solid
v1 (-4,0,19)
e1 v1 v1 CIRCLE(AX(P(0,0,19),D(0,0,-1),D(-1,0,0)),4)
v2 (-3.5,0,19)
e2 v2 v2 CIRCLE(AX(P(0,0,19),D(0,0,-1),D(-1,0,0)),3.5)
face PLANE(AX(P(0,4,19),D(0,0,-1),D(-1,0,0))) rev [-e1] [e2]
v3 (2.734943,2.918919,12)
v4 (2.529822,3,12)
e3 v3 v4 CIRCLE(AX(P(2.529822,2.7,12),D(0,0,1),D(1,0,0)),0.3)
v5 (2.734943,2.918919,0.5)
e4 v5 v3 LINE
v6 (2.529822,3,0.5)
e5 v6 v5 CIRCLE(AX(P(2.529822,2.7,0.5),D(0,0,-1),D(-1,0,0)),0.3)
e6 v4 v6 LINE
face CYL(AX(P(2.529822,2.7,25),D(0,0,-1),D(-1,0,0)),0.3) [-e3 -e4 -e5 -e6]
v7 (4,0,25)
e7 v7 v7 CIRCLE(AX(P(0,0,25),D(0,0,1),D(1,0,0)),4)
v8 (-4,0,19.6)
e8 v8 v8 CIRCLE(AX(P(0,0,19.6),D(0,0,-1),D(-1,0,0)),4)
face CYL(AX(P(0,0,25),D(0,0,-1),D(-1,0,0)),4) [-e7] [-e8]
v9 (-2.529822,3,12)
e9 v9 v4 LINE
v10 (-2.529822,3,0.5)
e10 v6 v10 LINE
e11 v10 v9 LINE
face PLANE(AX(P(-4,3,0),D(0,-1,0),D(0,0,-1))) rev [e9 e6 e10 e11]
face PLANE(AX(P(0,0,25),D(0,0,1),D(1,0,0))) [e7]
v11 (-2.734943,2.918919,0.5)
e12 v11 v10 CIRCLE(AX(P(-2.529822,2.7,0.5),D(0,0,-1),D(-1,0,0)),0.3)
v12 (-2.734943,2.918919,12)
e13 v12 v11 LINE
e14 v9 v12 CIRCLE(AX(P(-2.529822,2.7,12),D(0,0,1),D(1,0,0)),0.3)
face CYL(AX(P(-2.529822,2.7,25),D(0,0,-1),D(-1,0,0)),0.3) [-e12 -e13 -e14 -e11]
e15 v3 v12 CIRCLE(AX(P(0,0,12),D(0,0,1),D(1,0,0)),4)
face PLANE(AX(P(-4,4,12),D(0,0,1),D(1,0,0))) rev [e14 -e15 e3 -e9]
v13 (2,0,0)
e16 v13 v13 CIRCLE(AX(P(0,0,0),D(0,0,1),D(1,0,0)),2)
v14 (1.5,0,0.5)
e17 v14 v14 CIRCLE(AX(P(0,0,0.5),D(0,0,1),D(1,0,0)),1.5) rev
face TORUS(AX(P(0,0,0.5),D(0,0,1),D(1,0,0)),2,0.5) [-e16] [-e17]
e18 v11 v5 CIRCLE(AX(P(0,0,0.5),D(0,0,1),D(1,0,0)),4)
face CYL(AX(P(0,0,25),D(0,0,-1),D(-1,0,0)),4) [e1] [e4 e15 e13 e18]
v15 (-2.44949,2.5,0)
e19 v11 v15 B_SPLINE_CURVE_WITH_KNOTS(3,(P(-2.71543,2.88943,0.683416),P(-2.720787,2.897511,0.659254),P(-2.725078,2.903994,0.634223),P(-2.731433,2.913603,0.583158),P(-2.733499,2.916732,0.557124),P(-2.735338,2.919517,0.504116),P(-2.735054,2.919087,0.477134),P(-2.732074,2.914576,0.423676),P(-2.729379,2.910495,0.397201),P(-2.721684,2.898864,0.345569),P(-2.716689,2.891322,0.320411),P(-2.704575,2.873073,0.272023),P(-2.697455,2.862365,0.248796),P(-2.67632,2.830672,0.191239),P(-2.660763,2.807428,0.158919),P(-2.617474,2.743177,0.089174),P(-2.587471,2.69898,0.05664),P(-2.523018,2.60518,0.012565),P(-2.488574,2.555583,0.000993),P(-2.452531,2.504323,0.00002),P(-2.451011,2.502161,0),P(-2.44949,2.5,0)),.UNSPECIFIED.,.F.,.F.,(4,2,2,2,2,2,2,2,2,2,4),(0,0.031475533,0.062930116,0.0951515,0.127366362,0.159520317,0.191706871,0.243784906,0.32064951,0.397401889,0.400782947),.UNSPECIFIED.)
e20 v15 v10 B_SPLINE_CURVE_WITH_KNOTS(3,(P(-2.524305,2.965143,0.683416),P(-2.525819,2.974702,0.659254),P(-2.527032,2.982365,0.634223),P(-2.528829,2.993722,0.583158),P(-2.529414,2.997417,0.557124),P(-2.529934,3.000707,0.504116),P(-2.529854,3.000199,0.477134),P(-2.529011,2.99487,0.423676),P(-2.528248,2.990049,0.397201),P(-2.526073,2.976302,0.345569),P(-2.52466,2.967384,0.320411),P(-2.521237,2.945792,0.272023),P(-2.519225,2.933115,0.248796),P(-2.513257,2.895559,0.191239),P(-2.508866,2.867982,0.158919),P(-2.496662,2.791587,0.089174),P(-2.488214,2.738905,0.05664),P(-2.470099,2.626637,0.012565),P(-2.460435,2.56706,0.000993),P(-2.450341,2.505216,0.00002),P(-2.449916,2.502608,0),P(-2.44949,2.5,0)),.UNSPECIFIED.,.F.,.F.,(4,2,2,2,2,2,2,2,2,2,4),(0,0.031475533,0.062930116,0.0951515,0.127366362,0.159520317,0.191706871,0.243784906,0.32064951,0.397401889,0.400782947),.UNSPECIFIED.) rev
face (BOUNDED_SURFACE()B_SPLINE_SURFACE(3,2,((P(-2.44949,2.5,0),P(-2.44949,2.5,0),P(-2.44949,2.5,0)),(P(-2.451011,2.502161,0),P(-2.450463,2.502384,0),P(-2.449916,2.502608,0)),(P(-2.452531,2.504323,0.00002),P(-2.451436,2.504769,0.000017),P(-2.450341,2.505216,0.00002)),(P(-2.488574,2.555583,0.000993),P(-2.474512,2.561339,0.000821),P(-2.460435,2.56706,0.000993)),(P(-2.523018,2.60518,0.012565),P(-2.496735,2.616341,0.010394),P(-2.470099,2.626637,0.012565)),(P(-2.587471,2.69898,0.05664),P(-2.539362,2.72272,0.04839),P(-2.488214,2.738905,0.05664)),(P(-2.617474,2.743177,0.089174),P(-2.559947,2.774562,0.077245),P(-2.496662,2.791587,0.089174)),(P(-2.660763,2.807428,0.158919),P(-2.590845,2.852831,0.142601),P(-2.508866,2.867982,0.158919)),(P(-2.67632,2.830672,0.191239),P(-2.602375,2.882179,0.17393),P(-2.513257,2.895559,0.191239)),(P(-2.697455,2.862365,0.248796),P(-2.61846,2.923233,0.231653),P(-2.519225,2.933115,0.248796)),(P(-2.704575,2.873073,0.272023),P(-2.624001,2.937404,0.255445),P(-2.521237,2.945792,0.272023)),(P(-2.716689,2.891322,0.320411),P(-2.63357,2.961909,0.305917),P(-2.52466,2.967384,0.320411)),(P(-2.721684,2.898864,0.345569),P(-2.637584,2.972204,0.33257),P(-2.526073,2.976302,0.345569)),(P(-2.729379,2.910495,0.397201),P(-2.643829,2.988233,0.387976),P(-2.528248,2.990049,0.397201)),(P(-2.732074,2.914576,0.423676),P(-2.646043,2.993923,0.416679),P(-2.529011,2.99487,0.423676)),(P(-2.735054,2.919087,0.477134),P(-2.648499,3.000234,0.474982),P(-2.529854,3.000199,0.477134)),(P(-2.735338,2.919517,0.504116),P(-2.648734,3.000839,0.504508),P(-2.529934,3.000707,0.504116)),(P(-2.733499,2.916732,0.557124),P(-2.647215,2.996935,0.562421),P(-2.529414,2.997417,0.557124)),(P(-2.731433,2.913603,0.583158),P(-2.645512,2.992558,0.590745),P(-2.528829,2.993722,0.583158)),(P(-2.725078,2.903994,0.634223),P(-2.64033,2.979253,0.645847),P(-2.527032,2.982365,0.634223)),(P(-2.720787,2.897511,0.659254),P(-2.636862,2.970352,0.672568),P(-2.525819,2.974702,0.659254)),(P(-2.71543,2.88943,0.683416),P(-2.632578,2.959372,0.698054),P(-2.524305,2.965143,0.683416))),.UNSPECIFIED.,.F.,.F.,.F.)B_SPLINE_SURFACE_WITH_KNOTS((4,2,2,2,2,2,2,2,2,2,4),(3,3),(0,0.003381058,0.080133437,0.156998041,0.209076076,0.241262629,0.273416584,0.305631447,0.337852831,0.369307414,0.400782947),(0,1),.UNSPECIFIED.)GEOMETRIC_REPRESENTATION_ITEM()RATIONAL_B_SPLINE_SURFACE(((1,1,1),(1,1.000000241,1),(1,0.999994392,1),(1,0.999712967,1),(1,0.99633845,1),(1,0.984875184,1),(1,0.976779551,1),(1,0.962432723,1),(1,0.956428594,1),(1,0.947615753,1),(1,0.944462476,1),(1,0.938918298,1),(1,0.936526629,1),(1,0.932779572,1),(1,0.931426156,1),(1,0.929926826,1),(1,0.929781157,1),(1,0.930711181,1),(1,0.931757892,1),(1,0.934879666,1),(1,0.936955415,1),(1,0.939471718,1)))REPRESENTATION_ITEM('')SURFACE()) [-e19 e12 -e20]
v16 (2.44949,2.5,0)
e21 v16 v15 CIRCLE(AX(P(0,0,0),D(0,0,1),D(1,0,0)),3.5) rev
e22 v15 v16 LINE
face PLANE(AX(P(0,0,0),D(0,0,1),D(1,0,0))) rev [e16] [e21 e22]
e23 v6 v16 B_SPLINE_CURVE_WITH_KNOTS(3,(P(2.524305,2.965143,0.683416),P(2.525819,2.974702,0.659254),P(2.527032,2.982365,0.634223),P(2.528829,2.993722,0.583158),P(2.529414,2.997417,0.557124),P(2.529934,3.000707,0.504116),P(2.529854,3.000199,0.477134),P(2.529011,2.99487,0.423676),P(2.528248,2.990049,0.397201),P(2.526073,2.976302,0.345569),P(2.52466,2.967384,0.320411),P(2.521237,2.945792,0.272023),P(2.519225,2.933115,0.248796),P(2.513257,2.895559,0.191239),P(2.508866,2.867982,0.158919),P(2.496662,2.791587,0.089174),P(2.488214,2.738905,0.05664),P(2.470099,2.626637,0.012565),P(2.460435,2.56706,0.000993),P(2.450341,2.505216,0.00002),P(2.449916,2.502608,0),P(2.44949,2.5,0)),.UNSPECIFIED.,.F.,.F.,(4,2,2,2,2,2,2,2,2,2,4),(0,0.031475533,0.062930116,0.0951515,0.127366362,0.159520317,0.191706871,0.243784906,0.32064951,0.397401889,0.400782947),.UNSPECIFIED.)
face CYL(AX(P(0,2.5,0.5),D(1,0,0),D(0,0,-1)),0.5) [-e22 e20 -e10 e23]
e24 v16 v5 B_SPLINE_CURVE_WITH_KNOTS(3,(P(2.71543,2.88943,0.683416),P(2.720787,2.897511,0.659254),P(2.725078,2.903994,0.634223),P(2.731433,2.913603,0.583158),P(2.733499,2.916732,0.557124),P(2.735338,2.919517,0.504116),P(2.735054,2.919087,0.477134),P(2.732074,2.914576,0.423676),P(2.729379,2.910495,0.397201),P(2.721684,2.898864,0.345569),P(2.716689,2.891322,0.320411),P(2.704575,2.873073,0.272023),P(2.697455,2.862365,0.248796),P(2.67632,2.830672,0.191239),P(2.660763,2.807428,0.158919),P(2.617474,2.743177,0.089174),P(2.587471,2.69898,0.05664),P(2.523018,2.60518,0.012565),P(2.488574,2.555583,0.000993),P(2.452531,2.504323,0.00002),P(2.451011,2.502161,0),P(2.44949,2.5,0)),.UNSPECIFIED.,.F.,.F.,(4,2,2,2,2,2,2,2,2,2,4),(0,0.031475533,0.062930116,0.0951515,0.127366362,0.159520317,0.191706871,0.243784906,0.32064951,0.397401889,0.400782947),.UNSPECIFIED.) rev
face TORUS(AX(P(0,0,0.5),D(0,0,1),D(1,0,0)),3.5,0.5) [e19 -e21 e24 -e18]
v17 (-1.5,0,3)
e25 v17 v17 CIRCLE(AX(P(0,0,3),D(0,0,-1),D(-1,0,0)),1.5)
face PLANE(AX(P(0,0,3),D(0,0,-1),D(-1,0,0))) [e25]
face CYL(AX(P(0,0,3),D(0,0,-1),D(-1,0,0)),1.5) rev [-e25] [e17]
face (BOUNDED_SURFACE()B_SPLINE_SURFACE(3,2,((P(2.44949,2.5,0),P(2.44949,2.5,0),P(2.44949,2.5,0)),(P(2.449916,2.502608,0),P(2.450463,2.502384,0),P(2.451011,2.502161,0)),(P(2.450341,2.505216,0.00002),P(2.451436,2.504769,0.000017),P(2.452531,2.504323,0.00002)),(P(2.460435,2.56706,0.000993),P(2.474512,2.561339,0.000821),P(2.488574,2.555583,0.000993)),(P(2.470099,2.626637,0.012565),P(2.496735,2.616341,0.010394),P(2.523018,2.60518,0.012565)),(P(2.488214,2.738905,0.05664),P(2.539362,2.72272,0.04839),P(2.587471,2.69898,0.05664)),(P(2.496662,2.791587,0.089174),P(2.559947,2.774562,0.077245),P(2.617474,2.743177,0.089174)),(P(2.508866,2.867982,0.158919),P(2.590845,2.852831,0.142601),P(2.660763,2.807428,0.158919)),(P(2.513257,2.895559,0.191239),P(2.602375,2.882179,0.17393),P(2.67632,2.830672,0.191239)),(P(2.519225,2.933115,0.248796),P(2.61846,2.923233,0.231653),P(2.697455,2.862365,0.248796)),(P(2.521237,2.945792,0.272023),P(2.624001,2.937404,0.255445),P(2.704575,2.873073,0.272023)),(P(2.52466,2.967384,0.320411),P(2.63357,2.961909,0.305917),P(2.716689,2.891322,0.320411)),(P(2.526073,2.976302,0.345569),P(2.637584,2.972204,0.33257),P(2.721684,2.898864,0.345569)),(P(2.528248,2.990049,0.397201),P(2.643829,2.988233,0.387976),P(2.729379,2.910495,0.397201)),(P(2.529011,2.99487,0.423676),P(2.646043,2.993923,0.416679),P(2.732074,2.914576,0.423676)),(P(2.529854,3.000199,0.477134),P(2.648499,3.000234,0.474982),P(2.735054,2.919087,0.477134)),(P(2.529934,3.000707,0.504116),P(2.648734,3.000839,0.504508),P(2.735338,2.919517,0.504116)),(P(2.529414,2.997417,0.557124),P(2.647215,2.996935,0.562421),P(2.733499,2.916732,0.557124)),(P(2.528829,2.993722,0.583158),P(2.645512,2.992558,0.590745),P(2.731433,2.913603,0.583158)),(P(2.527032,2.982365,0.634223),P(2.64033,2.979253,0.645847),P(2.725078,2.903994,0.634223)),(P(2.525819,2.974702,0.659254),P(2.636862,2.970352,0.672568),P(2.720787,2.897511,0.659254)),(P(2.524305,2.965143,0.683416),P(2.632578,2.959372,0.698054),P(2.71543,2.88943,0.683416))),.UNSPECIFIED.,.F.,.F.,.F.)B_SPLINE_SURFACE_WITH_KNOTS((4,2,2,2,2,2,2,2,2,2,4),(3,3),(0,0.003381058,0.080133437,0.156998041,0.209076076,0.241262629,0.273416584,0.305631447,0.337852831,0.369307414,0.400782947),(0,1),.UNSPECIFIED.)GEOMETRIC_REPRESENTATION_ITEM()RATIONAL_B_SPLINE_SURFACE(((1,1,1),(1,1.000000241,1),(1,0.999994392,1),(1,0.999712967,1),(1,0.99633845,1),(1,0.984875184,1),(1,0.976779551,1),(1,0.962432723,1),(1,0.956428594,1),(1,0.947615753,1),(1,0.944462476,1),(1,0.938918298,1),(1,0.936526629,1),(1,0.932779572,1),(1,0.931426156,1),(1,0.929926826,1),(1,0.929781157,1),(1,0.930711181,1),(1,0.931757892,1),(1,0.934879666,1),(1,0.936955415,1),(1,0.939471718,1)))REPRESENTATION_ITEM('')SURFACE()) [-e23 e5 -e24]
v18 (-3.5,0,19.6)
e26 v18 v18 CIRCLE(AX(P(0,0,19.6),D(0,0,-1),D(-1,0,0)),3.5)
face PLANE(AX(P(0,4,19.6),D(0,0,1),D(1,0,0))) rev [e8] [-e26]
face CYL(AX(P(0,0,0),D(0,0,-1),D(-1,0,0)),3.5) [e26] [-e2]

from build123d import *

# Parameters (mm, degrees)
SKETCH1_R               = 4
BOSS_EXTRUDE1_DEPTH     = 25
SKETCH2_W               = 12
SKETCH2_H               = 1
CUT_EXTRUDE1_DEPTH      = 5
CUT_EXTRUDE1_DEPTH_BACK = 5
SKETCH3_W               = 0.6
SKETCH3_H               = 0.5
SKETCH4_R               = 1.5
CUT_EXTRUDE2_DEPTH      = 3
FILLET1_R               = 0.5
FILLET2_R               = 0.3


with BuildPart() as part:
    # Sketch1 → Boss-Extrude1 (new body)
    with BuildSketch(Plane.XY):
        Circle(SKETCH1_R)
    extrude(amount=BOSS_EXTRUDE1_DEPTH)

    # Sketch2 → Cut-Extrude1 (cut, two sides)
    with BuildSketch(Plane(origin=(0, 0, 0), x_dir=(0, 0, -1), z_dir=(1, 0, 0))) as cut_extrude1_sk:
        with Locations((-6, 3.5)):
            Rectangle(SKETCH2_W, SKETCH2_H)
    extrude(amount=CUT_EXTRUDE1_DEPTH, mode=Mode.SUBTRACT)
    extrude(cut_extrude1_sk.sketch, amount=-CUT_EXTRUDE1_DEPTH_BACK, mode=Mode.SUBTRACT)

    # Sketch3 → Cut-Revolve1 (revolve, cut)
    with BuildSketch(Plane(origin=(0, 0, 0), x_dir=(0, 0, -1), z_dir=(1, 0, 0))):
        with Locations((-19.3, 3.75)):
            Rectangle(SKETCH3_W, SKETCH3_H)
    revolve(axis=Axis((0, 0, 0), (0, 0, 1)), mode=Mode.SUBTRACT)

    # Sketch4 → Cut-Extrude2 (cut)
    with BuildSketch(Plane(origin=(0, 0, 0), x_dir=(-1, 0, 0), z_dir=(0, 0, -1))):
        Circle(SKETCH4_R)
    extrude(amount=-CUT_EXTRUDE2_DEPTH, mode=Mode.SUBTRACT)

    # Fillet1
    fillet1_edges = [part.edges().sort_by_distance(p)[0] for p in [
        (1.5, 0, 0),
        (-1.645751311, -3.645751311, 0),
        (0, 3, 0),
    ]]
    fillet(fillet1_edges, radius=FILLET1_R)

    # Fillet2
    fillet2_edges = [part.edges().sort_by_distance(p)[0] for p in [
        (2.645751311, 3, 6.25),
        (-2.587228032, 2.846874445, 0.139891517),
        (2.587228032, 2.846874445, 0.139891517),
        (-2.645751311, 3, 6.25),
    ]]
    fillet(fillet2_edges, radius=FILLET2_R)


solid = part.part
